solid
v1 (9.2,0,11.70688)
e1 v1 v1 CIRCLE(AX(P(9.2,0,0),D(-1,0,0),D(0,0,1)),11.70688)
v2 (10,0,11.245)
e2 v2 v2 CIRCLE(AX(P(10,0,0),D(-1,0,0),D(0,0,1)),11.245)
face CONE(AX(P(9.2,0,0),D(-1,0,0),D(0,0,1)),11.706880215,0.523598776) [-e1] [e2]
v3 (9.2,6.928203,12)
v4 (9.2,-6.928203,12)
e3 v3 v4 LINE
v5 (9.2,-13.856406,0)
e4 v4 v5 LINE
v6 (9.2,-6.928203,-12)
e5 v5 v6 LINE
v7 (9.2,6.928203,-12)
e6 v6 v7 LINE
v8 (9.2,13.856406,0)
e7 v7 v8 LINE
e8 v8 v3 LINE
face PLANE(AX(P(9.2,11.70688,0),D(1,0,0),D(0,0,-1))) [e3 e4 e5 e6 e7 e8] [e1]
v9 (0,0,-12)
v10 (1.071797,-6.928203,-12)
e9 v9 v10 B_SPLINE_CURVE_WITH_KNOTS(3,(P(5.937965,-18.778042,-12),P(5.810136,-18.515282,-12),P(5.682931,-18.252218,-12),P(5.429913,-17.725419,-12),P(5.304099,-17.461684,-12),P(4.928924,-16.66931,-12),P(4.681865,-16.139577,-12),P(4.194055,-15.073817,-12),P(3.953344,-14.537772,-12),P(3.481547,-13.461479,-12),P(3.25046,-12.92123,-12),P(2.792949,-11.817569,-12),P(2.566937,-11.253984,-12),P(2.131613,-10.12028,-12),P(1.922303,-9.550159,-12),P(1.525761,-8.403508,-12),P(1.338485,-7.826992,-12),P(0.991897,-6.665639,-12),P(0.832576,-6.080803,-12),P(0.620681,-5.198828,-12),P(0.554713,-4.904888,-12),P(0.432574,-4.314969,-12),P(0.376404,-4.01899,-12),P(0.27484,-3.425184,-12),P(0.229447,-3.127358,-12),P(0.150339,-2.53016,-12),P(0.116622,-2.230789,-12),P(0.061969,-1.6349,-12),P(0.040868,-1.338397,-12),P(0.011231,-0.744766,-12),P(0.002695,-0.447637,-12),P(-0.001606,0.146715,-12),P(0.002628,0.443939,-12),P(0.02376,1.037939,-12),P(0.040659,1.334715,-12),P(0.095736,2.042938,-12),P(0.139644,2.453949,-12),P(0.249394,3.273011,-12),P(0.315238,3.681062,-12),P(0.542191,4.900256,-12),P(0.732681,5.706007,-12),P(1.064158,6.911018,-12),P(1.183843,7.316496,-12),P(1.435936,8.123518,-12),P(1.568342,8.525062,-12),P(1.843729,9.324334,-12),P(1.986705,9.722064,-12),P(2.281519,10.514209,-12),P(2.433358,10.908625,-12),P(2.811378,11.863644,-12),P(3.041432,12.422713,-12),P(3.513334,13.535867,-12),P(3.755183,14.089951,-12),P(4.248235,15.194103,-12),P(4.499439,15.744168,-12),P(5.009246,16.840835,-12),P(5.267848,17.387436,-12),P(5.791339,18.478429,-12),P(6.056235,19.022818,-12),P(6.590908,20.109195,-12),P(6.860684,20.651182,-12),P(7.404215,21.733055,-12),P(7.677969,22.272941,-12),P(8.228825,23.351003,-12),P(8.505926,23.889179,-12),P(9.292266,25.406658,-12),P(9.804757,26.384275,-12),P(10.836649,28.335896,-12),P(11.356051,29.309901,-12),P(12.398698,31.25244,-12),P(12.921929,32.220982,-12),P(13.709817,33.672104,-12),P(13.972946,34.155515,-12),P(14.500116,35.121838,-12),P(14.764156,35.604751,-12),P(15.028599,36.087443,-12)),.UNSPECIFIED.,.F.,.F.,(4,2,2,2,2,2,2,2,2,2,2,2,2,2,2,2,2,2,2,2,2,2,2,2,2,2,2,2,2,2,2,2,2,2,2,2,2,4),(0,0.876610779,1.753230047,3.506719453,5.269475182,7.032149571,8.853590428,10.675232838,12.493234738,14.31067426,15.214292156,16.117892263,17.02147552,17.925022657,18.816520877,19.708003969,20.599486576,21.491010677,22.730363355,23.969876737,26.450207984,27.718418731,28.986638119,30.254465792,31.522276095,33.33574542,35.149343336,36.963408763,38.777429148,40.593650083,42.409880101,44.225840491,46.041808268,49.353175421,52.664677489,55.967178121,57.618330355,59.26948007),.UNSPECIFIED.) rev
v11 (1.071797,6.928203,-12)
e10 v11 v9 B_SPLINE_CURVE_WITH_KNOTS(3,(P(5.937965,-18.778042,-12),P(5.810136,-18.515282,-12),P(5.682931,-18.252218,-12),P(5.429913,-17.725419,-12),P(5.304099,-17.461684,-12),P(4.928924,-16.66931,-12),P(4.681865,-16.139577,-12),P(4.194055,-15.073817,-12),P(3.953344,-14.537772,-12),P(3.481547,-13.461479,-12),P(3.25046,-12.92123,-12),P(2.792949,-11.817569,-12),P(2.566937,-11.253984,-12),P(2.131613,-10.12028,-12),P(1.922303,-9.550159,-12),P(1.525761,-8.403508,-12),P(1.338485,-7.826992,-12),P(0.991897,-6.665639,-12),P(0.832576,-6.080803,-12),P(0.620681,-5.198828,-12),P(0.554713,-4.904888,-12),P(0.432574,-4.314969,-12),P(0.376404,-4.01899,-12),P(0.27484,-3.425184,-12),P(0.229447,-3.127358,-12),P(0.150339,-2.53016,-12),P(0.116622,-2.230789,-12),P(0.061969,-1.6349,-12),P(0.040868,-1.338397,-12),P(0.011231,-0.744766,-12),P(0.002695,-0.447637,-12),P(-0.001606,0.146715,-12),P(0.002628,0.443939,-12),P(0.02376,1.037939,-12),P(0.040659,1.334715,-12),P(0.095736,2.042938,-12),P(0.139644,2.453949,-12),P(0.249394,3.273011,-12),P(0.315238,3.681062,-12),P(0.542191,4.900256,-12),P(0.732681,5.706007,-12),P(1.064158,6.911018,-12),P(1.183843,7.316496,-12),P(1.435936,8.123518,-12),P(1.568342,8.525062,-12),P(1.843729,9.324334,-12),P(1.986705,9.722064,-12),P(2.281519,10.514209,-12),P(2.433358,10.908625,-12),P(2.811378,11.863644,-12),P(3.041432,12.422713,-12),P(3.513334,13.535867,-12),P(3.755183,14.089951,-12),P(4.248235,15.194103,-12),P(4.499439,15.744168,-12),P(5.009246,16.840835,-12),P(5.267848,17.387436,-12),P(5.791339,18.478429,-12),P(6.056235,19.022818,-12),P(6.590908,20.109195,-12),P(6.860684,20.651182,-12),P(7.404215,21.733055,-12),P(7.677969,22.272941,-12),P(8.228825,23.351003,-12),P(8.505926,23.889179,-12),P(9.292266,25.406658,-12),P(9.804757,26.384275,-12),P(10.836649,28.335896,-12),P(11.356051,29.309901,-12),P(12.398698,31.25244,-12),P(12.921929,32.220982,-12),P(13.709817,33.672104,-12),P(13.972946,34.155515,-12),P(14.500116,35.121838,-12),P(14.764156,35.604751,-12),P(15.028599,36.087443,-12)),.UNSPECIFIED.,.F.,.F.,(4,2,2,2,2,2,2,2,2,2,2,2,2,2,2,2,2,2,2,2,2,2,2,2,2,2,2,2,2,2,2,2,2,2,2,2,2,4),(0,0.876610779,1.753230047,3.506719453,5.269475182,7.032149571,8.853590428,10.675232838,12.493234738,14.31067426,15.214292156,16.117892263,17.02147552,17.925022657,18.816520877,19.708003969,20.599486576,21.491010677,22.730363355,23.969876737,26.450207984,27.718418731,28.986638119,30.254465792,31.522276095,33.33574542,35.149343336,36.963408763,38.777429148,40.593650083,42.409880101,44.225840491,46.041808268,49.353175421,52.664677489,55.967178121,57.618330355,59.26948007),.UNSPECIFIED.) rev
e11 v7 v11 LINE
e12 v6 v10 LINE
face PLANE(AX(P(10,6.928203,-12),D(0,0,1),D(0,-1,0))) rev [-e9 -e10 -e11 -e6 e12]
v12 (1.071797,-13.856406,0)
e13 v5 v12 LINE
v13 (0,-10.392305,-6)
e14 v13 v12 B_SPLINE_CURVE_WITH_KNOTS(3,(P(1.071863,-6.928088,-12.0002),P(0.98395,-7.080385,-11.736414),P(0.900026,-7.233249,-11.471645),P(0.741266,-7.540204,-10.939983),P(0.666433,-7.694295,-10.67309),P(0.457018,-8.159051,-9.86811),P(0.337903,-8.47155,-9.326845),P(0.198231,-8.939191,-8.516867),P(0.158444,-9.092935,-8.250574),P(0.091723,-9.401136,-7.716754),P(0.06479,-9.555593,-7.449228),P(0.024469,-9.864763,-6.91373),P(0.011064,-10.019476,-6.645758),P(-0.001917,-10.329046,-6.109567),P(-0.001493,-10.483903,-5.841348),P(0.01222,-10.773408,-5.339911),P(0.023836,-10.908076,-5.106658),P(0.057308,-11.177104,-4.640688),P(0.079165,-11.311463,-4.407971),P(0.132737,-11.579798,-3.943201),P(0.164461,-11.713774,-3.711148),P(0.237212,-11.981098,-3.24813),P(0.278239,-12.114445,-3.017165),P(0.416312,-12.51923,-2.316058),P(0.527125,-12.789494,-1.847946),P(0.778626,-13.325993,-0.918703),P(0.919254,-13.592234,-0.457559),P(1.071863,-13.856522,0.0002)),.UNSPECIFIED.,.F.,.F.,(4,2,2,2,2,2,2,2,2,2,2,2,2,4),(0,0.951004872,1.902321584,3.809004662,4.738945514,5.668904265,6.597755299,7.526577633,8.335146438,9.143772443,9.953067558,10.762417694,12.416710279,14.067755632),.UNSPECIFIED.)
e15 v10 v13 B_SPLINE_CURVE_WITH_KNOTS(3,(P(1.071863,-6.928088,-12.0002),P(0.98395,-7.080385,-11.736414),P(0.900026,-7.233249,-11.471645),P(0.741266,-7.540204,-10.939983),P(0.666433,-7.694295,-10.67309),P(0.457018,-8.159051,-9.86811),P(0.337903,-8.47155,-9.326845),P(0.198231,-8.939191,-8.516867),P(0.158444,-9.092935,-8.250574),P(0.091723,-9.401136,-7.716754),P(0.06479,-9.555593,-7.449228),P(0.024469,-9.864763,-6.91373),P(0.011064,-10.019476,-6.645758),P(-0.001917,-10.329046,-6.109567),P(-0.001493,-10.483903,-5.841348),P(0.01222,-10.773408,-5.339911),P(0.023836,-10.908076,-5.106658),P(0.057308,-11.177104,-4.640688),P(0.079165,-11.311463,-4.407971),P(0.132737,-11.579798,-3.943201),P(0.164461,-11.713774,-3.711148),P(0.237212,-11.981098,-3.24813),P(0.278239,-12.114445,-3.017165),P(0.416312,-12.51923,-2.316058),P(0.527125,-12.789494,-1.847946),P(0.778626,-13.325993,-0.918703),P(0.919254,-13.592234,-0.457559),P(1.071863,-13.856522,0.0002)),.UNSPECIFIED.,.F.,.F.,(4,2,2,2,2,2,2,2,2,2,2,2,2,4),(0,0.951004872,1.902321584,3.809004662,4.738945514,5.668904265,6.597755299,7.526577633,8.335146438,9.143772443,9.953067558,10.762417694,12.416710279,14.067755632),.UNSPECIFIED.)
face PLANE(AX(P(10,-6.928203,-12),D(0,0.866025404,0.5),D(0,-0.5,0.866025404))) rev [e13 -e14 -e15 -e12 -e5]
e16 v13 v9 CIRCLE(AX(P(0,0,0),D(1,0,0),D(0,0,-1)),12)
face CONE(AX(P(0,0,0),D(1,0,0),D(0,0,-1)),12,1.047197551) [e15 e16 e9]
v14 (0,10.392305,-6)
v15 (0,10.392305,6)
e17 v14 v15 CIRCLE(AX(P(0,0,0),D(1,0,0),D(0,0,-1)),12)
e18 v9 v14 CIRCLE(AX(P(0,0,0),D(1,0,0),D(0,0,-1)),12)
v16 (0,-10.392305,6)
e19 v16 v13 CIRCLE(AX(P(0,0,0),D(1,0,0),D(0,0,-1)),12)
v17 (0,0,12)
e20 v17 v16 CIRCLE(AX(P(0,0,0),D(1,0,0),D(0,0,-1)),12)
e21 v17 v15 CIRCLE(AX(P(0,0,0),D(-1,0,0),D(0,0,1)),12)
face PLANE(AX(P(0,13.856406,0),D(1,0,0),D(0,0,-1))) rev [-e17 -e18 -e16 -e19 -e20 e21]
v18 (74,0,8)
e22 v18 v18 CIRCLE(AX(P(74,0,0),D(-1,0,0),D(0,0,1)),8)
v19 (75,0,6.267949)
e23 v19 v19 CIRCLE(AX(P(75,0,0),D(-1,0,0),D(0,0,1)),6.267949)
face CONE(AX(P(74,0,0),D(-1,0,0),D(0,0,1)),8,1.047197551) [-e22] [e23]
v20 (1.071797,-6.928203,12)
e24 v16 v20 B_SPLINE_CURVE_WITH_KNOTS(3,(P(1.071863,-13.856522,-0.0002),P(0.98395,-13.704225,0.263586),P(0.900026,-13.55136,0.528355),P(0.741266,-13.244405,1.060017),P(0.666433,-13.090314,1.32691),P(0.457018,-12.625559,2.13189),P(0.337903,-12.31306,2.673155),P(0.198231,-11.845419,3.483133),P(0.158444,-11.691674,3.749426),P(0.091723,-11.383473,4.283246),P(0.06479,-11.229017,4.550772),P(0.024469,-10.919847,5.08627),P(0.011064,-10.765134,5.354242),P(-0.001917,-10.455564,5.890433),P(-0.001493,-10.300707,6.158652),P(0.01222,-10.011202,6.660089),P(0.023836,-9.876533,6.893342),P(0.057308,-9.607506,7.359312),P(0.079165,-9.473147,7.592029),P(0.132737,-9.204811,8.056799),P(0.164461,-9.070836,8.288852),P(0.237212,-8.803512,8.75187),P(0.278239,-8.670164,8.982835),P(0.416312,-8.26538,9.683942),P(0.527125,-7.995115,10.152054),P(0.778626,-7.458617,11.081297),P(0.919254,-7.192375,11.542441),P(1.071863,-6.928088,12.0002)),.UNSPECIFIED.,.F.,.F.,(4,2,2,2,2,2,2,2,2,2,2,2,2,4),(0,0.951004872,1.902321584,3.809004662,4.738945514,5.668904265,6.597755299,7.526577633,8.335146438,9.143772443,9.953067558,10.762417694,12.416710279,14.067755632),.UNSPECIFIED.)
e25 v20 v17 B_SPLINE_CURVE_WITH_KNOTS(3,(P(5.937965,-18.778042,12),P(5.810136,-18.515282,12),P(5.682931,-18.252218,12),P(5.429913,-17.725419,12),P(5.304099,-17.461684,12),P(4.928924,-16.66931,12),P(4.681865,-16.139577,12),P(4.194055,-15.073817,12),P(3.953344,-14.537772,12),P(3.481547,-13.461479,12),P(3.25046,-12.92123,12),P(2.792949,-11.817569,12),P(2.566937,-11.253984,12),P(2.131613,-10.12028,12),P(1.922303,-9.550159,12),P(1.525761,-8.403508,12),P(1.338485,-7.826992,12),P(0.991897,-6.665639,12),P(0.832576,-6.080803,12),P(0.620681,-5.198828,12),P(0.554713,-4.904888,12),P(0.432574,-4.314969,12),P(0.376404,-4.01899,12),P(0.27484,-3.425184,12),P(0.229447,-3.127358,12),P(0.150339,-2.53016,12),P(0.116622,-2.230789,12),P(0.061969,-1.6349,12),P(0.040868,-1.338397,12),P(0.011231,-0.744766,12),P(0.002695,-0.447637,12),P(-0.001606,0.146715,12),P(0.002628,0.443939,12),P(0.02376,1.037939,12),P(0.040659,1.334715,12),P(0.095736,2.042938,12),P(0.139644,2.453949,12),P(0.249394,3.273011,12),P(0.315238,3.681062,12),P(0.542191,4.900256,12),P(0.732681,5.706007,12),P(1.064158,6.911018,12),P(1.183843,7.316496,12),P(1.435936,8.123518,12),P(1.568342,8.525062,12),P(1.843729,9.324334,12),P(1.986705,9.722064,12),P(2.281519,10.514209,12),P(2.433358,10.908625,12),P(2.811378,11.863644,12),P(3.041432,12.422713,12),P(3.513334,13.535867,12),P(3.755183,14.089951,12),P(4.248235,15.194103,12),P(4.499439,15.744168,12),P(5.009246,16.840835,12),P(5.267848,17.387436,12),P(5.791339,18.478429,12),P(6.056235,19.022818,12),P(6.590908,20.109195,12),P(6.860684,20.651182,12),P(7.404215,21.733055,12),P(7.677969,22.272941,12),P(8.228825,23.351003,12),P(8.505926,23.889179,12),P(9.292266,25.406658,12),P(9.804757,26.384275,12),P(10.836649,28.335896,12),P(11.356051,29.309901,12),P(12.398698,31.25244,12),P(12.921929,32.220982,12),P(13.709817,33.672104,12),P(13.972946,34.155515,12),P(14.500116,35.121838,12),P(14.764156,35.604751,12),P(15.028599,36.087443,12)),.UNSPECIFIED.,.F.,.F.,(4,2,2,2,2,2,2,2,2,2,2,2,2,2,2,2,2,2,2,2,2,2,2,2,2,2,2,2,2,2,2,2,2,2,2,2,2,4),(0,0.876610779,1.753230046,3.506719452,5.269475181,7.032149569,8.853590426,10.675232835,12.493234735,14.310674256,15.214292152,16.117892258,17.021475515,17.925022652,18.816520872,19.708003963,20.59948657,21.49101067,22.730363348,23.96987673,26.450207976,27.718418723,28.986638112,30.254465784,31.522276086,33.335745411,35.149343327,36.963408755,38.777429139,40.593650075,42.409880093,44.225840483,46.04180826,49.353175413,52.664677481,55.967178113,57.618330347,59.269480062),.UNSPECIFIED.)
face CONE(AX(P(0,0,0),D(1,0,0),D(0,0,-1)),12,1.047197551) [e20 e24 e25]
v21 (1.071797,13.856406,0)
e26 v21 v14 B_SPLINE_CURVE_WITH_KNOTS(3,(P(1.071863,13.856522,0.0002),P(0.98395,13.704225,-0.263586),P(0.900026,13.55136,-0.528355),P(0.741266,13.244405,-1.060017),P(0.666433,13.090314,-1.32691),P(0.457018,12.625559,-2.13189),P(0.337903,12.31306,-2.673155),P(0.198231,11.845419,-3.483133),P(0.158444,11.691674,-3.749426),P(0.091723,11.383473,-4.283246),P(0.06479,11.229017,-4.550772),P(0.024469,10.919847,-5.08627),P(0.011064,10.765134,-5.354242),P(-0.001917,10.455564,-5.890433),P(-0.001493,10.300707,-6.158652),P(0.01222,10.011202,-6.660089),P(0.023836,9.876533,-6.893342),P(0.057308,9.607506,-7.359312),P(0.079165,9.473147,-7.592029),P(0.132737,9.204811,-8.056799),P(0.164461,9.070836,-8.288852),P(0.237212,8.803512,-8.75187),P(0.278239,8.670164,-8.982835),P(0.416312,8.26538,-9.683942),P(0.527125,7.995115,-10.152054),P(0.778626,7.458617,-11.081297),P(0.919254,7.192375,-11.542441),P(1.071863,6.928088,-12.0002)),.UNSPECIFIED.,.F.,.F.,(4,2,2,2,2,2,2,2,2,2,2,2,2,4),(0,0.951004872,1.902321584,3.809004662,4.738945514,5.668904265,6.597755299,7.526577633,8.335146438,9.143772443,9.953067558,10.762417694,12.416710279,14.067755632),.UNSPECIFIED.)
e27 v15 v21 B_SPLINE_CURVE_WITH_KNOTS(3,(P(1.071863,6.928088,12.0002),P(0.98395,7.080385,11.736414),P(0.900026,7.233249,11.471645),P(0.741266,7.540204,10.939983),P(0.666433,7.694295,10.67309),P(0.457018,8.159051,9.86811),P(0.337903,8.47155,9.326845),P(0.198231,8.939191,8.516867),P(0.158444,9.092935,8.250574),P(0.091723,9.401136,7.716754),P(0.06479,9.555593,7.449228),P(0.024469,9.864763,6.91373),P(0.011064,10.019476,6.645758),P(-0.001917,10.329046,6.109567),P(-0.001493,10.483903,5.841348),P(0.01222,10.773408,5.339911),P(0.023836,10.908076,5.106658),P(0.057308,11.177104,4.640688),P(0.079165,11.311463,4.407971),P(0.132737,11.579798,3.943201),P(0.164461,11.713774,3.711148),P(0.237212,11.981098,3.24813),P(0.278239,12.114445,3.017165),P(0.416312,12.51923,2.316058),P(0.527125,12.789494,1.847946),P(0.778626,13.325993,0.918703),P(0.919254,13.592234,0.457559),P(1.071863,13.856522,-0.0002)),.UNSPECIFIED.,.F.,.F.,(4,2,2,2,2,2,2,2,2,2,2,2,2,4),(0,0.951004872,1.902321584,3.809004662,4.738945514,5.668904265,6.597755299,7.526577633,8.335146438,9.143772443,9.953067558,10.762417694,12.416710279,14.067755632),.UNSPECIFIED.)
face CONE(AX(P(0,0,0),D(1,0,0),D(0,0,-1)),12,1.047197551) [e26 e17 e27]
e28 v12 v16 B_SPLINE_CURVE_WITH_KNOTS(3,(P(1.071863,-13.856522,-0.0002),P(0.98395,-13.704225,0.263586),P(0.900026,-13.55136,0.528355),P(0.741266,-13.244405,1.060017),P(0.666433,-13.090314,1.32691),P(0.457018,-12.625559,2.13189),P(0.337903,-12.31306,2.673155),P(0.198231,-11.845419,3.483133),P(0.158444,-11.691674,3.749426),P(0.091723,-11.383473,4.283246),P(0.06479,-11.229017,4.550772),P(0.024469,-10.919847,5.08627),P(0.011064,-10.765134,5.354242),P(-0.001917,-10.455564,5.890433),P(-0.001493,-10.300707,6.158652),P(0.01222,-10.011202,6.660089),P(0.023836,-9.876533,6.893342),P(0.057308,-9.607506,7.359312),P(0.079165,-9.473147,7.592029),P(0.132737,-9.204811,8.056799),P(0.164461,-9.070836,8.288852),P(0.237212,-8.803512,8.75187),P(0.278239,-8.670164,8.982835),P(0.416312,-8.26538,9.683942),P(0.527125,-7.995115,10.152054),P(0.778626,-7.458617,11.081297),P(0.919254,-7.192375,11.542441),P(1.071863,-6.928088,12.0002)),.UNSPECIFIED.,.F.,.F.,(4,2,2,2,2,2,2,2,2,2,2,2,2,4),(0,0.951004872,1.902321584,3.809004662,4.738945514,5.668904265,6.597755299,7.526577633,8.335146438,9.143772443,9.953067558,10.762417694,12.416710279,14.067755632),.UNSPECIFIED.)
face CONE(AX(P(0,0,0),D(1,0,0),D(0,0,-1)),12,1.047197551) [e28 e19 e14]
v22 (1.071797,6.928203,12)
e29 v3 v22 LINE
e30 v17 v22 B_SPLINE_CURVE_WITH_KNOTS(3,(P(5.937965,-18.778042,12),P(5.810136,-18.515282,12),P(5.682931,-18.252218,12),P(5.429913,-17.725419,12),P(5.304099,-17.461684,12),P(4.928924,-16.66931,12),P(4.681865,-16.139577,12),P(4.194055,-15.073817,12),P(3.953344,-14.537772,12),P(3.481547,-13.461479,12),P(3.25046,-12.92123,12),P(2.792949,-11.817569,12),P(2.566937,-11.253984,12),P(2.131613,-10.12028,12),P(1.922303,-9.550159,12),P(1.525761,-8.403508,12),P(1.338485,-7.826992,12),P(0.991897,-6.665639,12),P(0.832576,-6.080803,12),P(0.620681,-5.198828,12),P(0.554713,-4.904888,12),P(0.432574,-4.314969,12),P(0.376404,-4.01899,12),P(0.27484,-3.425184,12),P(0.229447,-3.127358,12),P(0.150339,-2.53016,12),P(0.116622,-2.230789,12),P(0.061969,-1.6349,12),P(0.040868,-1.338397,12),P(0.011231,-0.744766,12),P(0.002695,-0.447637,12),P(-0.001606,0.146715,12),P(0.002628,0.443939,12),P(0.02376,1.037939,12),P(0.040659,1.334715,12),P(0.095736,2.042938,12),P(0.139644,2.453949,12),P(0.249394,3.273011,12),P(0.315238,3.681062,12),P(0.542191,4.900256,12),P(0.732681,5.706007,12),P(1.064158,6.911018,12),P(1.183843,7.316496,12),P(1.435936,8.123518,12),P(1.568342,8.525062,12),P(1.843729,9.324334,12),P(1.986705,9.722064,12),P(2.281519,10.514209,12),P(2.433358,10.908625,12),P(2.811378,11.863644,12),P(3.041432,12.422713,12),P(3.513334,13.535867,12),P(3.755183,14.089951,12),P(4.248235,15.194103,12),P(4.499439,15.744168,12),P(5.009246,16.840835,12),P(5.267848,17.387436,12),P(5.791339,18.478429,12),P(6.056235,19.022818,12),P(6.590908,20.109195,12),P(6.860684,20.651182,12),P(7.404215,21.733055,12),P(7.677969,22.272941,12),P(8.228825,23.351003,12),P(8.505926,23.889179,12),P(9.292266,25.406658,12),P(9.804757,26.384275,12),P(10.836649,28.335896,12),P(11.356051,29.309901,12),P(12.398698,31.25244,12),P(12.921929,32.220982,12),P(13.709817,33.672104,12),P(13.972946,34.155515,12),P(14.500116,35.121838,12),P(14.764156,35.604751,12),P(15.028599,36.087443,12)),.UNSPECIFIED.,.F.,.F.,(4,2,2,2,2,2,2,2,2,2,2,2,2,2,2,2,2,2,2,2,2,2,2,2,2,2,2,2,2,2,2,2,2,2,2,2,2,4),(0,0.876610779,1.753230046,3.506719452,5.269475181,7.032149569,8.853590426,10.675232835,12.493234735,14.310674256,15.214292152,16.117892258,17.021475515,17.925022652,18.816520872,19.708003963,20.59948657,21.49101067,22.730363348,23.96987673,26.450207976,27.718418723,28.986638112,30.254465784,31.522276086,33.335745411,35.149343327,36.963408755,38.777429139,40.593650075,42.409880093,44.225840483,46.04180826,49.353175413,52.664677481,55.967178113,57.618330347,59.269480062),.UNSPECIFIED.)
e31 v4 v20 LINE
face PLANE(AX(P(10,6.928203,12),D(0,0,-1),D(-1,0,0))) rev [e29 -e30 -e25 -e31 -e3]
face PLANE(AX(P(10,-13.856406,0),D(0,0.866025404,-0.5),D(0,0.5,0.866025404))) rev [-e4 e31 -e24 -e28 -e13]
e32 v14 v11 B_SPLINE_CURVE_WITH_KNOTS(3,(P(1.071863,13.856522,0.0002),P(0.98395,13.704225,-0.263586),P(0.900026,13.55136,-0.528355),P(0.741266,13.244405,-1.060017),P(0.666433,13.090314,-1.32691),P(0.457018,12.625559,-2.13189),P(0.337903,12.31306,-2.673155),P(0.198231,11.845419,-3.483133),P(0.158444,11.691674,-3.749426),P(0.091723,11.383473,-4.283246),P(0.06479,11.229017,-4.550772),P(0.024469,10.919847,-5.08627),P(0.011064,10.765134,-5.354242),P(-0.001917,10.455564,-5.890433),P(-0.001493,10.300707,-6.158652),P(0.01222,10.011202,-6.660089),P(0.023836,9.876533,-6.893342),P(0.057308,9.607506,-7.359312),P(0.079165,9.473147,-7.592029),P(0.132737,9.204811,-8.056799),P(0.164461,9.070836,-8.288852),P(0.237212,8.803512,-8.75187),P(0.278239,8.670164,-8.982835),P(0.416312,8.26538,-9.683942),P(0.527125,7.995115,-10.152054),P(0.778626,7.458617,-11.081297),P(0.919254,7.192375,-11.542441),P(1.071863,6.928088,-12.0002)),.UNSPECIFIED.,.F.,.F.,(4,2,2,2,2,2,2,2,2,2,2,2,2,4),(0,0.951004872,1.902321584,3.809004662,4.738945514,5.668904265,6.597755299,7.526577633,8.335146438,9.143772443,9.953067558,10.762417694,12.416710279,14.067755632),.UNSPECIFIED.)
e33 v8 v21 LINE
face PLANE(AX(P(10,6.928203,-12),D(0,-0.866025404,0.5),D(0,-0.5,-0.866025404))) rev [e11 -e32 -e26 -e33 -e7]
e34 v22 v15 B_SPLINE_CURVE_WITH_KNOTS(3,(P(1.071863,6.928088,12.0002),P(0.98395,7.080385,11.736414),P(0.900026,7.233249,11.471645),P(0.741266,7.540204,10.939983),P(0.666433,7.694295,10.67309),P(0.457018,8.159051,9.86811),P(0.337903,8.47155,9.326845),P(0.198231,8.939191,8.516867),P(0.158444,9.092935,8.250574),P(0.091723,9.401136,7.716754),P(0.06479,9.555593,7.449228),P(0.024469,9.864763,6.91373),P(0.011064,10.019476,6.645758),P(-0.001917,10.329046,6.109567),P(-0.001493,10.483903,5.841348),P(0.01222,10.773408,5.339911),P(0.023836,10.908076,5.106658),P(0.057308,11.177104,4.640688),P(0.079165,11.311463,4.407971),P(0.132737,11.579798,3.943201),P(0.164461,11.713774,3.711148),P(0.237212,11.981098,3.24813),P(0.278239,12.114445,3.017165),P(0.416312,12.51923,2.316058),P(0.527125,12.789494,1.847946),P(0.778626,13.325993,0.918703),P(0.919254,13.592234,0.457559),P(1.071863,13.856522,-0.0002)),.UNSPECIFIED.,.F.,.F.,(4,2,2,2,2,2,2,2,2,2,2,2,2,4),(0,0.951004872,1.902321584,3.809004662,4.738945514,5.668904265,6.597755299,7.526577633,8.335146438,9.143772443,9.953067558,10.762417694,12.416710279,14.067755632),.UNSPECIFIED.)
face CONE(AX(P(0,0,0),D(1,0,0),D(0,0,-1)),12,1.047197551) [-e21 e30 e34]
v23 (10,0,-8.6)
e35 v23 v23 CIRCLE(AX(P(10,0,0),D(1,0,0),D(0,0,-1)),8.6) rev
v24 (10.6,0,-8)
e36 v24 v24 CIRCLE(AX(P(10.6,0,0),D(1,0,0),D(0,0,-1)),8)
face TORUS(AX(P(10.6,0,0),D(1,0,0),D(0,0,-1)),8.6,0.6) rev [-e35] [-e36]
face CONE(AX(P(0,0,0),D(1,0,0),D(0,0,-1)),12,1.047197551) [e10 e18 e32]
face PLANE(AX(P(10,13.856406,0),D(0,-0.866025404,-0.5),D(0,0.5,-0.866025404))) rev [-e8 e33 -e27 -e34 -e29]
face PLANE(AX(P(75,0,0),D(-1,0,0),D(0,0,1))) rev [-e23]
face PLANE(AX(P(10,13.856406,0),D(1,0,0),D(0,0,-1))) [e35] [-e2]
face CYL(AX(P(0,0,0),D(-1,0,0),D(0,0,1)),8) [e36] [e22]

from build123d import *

# Parameters (mm, degrees)
EXTRUDE_382_DEPTH = 10
FILLET_1302_R     = 0.6


with BuildPart() as part:
    # 草图1 → Extrude 382 (new body)
    with BuildSketch(Plane(origin=(0, 0, 0), x_dir=(0, 0, -1), z_dir=(1, 0, 0))):
        Polygon((12, 6.92820323), (12, -6.92820323), (0, -13.856406461), (-12, -6.92820323), (-12, 6.92820323), (0, 13.856406461), align=None)
    extrude(amount=EXTRUDE_382_DEPTH)

    # 草图2 → 凸台-旋转1 (revolve)
    with BuildSketch(Plane.XY, mode=Mode.PRIVATE) as revolve_1_sk:
        Polygon((0, 0), (75, 0), (75, 6.268), (75, 8), (37, 8), (0, 8), align=None)
    revolve(revolve_1_sk.sketch.rotate(Axis((0, 0, 0), (1, 0, 0)), 90), axis=Axis((0, 0, 0), (1, 0, 0)))

    # 草图3 → 切除-旋转1 (revolve, cut)
    with BuildSketch(Plane.XY):
        Polygon((0, 12), (3.958548116, 18.856406461), (3.958548116, 23.856406461), (-10, 23.856406461), (-10, 12), align=None)
    revolve(axis=Axis((0, 0, 0), (1, 0, 0)), mode=Mode.SUBTRACT)

    # 草图4 → 切除-旋转3 (revolve, cut)
    with BuildSketch(Plane.XY, mode=Mode.PRIVATE) as cut_revolve_3_sk:
        Polygon((10, 11.245), (9.2, 11.706880215), (9.2, 13.856406461), (10, 13.856406461), align=None)
    revolve(cut_revolve_3_sk.sketch.rotate(Axis((0, 0, 0), (1, 0, 0)), 90), axis=Axis((0, 0, 0), (1, 0, 0)), mode=Mode.SUBTRACT)

    # Fillet 1302
    fillet_1302_edges = [part.edges().sort_by_distance(p)[0] for p in [
        (10, 0, -8),
    ]]
    fillet(fillet_1302_edges, radius=FILLET_1302_R)

    # 草图6 → 切除-旋转4 (revolve, cut)
    with BuildSketch(Plane.XY, mode=Mode.PRIVATE) as cut_revolve_4_sk:
        Polygon((74, 8), (76, 8), (75, 6.267949192), align=None)
    revolve(cut_revolve_4_sk.sketch.rotate(Axis((0, 0, 0), (1, 0, 0)), 90), axis=Axis((0, 0, 0), (1, 0, 0)), mode=Mode.SUBTRACT)


solid = part.part
